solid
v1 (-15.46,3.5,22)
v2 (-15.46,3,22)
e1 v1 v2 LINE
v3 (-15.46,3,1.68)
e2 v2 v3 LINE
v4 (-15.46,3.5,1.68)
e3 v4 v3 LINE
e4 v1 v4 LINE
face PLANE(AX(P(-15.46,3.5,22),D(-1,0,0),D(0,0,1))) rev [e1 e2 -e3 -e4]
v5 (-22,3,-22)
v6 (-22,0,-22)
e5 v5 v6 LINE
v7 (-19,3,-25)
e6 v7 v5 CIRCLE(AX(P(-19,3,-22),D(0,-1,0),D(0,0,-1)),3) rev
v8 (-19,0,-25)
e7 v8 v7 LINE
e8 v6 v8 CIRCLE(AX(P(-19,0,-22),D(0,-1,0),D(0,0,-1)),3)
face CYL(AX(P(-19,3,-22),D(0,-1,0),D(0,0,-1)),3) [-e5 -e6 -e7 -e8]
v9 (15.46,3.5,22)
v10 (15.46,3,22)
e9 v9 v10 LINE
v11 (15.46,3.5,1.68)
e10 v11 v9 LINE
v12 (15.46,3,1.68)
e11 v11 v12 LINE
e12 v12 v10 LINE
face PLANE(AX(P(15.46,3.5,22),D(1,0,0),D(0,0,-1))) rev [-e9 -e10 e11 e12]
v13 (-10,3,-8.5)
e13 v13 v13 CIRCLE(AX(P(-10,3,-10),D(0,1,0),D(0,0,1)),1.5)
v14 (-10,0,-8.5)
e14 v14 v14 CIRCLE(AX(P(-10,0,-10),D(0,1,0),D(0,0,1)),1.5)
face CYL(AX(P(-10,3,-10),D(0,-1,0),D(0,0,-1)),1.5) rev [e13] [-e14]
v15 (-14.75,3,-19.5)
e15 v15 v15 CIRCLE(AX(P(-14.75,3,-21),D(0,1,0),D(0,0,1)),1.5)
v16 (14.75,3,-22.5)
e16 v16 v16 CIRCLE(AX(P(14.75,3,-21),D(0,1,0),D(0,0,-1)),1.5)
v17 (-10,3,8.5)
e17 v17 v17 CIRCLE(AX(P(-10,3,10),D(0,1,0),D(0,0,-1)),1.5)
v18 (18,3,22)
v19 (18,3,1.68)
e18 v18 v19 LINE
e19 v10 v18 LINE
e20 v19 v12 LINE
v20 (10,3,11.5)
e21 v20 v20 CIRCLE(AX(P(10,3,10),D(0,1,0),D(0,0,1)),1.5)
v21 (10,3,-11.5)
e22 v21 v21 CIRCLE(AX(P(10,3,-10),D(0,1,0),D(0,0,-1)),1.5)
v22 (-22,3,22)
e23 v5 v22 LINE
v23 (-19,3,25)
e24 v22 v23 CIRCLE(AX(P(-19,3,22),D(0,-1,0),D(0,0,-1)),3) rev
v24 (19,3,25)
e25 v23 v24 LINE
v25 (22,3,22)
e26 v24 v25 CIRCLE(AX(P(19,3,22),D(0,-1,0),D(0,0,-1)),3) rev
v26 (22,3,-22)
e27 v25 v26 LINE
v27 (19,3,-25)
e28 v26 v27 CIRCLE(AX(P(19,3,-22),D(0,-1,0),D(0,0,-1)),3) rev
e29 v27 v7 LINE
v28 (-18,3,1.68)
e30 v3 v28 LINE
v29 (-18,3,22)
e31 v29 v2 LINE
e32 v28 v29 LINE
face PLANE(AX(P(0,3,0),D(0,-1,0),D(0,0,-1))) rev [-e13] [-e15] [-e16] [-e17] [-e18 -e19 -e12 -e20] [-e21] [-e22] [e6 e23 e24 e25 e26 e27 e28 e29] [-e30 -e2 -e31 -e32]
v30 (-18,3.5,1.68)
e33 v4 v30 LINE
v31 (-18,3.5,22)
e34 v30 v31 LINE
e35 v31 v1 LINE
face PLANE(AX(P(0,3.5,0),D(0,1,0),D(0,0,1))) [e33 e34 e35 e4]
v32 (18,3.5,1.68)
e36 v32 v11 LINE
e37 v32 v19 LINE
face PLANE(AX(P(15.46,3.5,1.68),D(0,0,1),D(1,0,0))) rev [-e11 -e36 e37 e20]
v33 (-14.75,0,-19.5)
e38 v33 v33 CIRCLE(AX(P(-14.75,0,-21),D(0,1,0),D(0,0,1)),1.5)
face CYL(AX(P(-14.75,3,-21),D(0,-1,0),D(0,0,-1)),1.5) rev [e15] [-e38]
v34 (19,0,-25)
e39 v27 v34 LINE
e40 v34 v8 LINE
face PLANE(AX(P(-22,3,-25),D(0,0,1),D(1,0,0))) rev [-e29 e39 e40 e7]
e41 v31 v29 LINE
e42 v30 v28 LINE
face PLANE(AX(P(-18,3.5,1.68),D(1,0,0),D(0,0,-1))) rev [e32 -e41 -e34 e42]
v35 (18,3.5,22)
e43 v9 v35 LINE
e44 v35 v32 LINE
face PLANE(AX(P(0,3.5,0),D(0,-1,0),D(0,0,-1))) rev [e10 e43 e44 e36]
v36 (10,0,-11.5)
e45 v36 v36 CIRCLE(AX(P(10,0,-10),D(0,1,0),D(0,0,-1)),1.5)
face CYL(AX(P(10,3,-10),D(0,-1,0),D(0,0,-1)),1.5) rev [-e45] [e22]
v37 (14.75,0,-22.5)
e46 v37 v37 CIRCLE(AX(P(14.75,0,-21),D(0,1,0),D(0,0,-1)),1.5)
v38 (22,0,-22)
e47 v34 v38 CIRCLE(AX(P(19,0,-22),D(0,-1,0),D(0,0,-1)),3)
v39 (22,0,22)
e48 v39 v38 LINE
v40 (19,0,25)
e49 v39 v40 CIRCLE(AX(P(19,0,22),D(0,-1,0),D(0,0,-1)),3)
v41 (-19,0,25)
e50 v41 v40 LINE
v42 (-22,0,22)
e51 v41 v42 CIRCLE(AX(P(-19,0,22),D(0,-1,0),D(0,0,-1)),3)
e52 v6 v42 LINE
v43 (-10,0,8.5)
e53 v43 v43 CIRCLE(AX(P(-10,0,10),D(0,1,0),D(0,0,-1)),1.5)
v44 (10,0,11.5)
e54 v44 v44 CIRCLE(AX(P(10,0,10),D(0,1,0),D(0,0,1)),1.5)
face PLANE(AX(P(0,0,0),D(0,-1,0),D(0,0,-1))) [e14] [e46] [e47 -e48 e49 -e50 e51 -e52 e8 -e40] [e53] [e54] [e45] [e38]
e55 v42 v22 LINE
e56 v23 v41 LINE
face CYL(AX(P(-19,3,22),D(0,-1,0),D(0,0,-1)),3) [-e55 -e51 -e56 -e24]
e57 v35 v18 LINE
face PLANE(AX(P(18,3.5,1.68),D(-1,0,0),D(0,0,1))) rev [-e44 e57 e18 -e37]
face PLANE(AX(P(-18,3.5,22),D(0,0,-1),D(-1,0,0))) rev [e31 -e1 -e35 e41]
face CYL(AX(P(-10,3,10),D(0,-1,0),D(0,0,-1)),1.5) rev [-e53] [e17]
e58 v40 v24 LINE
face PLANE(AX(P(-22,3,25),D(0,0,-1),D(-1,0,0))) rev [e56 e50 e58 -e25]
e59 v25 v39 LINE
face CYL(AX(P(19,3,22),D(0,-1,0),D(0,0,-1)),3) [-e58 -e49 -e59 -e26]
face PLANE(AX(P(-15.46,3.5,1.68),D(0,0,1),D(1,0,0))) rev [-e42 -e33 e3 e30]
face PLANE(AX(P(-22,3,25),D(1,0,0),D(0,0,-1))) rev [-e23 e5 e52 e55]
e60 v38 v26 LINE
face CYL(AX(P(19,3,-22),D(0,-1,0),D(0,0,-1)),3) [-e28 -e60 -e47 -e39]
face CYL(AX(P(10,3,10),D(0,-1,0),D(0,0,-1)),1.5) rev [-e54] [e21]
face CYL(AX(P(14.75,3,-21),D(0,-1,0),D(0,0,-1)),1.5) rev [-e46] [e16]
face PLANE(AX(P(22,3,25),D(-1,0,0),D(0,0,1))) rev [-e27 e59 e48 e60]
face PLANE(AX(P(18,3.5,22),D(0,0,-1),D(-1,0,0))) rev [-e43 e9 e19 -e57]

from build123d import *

# Parameters (mm, degrees)
SKETCH_1_W      = 44
SKETCH_1_H      = 50
SKETCH_1_R      = 1.5
EXTRUDE_1_DEPTH = 3
FILLET_1_R      = 3
SKETCH_2_W      = 2.54
SKETCH_2_H      = 20.32
EXTRUDE_2_DEPTH = 0.5


with BuildPart() as part:
    # 草图1 → 凸台-拉伸1 (new body)
    with BuildSketch(Plane(origin=(0, 0, 0), x_dir=(1, 0, 0), z_dir=(0, 1, 0))):
        Rectangle(SKETCH_1_W, SKETCH_1_H)
        with Locations(Location((-10, 10, 0), (0, 0, 270))):
            Circle(SKETCH_1_R, mode=Mode.SUBTRACT)
        with Locations(Location((10, 10, 0), (0, 0, 90))):
            Circle(SKETCH_1_R, mode=Mode.SUBTRACT)
        with Locations(Location((10, -10, 0), (0, 0, 270))):
            Circle(SKETCH_1_R, mode=Mode.SUBTRACT)
        with Locations(Location((-10, -10, 0), (0, 0, 90))):
            Circle(SKETCH_1_R, mode=Mode.SUBTRACT)
        with Locations(Location((-14.75, 21, 0), (0, 0, 270))):
            Circle(SKETCH_1_R, mode=Mode.SUBTRACT)
        with Locations(Location((14.75, 21, 0), (0, 0, 90))):
            Circle(SKETCH_1_R, mode=Mode.SUBTRACT)
    extrude(amount=EXTRUDE_1_DEPTH)

    # 圆角1
    fillet_1_edges = [part.edges().sort_by_distance(p)[0] for p in [
        (22, 1.5, 25),
        (-22, 1.5, 25),
        (-22, 1.5, -25),
        (22, 1.5, -25),
    ]]
    fillet(fillet_1_edges, radius=FILLET_1_R)

    # 草图2 → 凸台-拉伸2 (add)
    with BuildSketch(Plane(origin=(0, 3, 0), x_dir=(1, 0, 0), z_dir=(0, 1, 0))):
        with Locations((-16.73, -11.84)):
            Rectangle(SKETCH_2_W, SKETCH_2_H)
        with Locations((16.73, -11.84)):
            Rectangle(SKETCH_2_W, SKETCH_2_H)
    extrude(amount=EXTRUDE_2_DEPTH)


solid = part.part
